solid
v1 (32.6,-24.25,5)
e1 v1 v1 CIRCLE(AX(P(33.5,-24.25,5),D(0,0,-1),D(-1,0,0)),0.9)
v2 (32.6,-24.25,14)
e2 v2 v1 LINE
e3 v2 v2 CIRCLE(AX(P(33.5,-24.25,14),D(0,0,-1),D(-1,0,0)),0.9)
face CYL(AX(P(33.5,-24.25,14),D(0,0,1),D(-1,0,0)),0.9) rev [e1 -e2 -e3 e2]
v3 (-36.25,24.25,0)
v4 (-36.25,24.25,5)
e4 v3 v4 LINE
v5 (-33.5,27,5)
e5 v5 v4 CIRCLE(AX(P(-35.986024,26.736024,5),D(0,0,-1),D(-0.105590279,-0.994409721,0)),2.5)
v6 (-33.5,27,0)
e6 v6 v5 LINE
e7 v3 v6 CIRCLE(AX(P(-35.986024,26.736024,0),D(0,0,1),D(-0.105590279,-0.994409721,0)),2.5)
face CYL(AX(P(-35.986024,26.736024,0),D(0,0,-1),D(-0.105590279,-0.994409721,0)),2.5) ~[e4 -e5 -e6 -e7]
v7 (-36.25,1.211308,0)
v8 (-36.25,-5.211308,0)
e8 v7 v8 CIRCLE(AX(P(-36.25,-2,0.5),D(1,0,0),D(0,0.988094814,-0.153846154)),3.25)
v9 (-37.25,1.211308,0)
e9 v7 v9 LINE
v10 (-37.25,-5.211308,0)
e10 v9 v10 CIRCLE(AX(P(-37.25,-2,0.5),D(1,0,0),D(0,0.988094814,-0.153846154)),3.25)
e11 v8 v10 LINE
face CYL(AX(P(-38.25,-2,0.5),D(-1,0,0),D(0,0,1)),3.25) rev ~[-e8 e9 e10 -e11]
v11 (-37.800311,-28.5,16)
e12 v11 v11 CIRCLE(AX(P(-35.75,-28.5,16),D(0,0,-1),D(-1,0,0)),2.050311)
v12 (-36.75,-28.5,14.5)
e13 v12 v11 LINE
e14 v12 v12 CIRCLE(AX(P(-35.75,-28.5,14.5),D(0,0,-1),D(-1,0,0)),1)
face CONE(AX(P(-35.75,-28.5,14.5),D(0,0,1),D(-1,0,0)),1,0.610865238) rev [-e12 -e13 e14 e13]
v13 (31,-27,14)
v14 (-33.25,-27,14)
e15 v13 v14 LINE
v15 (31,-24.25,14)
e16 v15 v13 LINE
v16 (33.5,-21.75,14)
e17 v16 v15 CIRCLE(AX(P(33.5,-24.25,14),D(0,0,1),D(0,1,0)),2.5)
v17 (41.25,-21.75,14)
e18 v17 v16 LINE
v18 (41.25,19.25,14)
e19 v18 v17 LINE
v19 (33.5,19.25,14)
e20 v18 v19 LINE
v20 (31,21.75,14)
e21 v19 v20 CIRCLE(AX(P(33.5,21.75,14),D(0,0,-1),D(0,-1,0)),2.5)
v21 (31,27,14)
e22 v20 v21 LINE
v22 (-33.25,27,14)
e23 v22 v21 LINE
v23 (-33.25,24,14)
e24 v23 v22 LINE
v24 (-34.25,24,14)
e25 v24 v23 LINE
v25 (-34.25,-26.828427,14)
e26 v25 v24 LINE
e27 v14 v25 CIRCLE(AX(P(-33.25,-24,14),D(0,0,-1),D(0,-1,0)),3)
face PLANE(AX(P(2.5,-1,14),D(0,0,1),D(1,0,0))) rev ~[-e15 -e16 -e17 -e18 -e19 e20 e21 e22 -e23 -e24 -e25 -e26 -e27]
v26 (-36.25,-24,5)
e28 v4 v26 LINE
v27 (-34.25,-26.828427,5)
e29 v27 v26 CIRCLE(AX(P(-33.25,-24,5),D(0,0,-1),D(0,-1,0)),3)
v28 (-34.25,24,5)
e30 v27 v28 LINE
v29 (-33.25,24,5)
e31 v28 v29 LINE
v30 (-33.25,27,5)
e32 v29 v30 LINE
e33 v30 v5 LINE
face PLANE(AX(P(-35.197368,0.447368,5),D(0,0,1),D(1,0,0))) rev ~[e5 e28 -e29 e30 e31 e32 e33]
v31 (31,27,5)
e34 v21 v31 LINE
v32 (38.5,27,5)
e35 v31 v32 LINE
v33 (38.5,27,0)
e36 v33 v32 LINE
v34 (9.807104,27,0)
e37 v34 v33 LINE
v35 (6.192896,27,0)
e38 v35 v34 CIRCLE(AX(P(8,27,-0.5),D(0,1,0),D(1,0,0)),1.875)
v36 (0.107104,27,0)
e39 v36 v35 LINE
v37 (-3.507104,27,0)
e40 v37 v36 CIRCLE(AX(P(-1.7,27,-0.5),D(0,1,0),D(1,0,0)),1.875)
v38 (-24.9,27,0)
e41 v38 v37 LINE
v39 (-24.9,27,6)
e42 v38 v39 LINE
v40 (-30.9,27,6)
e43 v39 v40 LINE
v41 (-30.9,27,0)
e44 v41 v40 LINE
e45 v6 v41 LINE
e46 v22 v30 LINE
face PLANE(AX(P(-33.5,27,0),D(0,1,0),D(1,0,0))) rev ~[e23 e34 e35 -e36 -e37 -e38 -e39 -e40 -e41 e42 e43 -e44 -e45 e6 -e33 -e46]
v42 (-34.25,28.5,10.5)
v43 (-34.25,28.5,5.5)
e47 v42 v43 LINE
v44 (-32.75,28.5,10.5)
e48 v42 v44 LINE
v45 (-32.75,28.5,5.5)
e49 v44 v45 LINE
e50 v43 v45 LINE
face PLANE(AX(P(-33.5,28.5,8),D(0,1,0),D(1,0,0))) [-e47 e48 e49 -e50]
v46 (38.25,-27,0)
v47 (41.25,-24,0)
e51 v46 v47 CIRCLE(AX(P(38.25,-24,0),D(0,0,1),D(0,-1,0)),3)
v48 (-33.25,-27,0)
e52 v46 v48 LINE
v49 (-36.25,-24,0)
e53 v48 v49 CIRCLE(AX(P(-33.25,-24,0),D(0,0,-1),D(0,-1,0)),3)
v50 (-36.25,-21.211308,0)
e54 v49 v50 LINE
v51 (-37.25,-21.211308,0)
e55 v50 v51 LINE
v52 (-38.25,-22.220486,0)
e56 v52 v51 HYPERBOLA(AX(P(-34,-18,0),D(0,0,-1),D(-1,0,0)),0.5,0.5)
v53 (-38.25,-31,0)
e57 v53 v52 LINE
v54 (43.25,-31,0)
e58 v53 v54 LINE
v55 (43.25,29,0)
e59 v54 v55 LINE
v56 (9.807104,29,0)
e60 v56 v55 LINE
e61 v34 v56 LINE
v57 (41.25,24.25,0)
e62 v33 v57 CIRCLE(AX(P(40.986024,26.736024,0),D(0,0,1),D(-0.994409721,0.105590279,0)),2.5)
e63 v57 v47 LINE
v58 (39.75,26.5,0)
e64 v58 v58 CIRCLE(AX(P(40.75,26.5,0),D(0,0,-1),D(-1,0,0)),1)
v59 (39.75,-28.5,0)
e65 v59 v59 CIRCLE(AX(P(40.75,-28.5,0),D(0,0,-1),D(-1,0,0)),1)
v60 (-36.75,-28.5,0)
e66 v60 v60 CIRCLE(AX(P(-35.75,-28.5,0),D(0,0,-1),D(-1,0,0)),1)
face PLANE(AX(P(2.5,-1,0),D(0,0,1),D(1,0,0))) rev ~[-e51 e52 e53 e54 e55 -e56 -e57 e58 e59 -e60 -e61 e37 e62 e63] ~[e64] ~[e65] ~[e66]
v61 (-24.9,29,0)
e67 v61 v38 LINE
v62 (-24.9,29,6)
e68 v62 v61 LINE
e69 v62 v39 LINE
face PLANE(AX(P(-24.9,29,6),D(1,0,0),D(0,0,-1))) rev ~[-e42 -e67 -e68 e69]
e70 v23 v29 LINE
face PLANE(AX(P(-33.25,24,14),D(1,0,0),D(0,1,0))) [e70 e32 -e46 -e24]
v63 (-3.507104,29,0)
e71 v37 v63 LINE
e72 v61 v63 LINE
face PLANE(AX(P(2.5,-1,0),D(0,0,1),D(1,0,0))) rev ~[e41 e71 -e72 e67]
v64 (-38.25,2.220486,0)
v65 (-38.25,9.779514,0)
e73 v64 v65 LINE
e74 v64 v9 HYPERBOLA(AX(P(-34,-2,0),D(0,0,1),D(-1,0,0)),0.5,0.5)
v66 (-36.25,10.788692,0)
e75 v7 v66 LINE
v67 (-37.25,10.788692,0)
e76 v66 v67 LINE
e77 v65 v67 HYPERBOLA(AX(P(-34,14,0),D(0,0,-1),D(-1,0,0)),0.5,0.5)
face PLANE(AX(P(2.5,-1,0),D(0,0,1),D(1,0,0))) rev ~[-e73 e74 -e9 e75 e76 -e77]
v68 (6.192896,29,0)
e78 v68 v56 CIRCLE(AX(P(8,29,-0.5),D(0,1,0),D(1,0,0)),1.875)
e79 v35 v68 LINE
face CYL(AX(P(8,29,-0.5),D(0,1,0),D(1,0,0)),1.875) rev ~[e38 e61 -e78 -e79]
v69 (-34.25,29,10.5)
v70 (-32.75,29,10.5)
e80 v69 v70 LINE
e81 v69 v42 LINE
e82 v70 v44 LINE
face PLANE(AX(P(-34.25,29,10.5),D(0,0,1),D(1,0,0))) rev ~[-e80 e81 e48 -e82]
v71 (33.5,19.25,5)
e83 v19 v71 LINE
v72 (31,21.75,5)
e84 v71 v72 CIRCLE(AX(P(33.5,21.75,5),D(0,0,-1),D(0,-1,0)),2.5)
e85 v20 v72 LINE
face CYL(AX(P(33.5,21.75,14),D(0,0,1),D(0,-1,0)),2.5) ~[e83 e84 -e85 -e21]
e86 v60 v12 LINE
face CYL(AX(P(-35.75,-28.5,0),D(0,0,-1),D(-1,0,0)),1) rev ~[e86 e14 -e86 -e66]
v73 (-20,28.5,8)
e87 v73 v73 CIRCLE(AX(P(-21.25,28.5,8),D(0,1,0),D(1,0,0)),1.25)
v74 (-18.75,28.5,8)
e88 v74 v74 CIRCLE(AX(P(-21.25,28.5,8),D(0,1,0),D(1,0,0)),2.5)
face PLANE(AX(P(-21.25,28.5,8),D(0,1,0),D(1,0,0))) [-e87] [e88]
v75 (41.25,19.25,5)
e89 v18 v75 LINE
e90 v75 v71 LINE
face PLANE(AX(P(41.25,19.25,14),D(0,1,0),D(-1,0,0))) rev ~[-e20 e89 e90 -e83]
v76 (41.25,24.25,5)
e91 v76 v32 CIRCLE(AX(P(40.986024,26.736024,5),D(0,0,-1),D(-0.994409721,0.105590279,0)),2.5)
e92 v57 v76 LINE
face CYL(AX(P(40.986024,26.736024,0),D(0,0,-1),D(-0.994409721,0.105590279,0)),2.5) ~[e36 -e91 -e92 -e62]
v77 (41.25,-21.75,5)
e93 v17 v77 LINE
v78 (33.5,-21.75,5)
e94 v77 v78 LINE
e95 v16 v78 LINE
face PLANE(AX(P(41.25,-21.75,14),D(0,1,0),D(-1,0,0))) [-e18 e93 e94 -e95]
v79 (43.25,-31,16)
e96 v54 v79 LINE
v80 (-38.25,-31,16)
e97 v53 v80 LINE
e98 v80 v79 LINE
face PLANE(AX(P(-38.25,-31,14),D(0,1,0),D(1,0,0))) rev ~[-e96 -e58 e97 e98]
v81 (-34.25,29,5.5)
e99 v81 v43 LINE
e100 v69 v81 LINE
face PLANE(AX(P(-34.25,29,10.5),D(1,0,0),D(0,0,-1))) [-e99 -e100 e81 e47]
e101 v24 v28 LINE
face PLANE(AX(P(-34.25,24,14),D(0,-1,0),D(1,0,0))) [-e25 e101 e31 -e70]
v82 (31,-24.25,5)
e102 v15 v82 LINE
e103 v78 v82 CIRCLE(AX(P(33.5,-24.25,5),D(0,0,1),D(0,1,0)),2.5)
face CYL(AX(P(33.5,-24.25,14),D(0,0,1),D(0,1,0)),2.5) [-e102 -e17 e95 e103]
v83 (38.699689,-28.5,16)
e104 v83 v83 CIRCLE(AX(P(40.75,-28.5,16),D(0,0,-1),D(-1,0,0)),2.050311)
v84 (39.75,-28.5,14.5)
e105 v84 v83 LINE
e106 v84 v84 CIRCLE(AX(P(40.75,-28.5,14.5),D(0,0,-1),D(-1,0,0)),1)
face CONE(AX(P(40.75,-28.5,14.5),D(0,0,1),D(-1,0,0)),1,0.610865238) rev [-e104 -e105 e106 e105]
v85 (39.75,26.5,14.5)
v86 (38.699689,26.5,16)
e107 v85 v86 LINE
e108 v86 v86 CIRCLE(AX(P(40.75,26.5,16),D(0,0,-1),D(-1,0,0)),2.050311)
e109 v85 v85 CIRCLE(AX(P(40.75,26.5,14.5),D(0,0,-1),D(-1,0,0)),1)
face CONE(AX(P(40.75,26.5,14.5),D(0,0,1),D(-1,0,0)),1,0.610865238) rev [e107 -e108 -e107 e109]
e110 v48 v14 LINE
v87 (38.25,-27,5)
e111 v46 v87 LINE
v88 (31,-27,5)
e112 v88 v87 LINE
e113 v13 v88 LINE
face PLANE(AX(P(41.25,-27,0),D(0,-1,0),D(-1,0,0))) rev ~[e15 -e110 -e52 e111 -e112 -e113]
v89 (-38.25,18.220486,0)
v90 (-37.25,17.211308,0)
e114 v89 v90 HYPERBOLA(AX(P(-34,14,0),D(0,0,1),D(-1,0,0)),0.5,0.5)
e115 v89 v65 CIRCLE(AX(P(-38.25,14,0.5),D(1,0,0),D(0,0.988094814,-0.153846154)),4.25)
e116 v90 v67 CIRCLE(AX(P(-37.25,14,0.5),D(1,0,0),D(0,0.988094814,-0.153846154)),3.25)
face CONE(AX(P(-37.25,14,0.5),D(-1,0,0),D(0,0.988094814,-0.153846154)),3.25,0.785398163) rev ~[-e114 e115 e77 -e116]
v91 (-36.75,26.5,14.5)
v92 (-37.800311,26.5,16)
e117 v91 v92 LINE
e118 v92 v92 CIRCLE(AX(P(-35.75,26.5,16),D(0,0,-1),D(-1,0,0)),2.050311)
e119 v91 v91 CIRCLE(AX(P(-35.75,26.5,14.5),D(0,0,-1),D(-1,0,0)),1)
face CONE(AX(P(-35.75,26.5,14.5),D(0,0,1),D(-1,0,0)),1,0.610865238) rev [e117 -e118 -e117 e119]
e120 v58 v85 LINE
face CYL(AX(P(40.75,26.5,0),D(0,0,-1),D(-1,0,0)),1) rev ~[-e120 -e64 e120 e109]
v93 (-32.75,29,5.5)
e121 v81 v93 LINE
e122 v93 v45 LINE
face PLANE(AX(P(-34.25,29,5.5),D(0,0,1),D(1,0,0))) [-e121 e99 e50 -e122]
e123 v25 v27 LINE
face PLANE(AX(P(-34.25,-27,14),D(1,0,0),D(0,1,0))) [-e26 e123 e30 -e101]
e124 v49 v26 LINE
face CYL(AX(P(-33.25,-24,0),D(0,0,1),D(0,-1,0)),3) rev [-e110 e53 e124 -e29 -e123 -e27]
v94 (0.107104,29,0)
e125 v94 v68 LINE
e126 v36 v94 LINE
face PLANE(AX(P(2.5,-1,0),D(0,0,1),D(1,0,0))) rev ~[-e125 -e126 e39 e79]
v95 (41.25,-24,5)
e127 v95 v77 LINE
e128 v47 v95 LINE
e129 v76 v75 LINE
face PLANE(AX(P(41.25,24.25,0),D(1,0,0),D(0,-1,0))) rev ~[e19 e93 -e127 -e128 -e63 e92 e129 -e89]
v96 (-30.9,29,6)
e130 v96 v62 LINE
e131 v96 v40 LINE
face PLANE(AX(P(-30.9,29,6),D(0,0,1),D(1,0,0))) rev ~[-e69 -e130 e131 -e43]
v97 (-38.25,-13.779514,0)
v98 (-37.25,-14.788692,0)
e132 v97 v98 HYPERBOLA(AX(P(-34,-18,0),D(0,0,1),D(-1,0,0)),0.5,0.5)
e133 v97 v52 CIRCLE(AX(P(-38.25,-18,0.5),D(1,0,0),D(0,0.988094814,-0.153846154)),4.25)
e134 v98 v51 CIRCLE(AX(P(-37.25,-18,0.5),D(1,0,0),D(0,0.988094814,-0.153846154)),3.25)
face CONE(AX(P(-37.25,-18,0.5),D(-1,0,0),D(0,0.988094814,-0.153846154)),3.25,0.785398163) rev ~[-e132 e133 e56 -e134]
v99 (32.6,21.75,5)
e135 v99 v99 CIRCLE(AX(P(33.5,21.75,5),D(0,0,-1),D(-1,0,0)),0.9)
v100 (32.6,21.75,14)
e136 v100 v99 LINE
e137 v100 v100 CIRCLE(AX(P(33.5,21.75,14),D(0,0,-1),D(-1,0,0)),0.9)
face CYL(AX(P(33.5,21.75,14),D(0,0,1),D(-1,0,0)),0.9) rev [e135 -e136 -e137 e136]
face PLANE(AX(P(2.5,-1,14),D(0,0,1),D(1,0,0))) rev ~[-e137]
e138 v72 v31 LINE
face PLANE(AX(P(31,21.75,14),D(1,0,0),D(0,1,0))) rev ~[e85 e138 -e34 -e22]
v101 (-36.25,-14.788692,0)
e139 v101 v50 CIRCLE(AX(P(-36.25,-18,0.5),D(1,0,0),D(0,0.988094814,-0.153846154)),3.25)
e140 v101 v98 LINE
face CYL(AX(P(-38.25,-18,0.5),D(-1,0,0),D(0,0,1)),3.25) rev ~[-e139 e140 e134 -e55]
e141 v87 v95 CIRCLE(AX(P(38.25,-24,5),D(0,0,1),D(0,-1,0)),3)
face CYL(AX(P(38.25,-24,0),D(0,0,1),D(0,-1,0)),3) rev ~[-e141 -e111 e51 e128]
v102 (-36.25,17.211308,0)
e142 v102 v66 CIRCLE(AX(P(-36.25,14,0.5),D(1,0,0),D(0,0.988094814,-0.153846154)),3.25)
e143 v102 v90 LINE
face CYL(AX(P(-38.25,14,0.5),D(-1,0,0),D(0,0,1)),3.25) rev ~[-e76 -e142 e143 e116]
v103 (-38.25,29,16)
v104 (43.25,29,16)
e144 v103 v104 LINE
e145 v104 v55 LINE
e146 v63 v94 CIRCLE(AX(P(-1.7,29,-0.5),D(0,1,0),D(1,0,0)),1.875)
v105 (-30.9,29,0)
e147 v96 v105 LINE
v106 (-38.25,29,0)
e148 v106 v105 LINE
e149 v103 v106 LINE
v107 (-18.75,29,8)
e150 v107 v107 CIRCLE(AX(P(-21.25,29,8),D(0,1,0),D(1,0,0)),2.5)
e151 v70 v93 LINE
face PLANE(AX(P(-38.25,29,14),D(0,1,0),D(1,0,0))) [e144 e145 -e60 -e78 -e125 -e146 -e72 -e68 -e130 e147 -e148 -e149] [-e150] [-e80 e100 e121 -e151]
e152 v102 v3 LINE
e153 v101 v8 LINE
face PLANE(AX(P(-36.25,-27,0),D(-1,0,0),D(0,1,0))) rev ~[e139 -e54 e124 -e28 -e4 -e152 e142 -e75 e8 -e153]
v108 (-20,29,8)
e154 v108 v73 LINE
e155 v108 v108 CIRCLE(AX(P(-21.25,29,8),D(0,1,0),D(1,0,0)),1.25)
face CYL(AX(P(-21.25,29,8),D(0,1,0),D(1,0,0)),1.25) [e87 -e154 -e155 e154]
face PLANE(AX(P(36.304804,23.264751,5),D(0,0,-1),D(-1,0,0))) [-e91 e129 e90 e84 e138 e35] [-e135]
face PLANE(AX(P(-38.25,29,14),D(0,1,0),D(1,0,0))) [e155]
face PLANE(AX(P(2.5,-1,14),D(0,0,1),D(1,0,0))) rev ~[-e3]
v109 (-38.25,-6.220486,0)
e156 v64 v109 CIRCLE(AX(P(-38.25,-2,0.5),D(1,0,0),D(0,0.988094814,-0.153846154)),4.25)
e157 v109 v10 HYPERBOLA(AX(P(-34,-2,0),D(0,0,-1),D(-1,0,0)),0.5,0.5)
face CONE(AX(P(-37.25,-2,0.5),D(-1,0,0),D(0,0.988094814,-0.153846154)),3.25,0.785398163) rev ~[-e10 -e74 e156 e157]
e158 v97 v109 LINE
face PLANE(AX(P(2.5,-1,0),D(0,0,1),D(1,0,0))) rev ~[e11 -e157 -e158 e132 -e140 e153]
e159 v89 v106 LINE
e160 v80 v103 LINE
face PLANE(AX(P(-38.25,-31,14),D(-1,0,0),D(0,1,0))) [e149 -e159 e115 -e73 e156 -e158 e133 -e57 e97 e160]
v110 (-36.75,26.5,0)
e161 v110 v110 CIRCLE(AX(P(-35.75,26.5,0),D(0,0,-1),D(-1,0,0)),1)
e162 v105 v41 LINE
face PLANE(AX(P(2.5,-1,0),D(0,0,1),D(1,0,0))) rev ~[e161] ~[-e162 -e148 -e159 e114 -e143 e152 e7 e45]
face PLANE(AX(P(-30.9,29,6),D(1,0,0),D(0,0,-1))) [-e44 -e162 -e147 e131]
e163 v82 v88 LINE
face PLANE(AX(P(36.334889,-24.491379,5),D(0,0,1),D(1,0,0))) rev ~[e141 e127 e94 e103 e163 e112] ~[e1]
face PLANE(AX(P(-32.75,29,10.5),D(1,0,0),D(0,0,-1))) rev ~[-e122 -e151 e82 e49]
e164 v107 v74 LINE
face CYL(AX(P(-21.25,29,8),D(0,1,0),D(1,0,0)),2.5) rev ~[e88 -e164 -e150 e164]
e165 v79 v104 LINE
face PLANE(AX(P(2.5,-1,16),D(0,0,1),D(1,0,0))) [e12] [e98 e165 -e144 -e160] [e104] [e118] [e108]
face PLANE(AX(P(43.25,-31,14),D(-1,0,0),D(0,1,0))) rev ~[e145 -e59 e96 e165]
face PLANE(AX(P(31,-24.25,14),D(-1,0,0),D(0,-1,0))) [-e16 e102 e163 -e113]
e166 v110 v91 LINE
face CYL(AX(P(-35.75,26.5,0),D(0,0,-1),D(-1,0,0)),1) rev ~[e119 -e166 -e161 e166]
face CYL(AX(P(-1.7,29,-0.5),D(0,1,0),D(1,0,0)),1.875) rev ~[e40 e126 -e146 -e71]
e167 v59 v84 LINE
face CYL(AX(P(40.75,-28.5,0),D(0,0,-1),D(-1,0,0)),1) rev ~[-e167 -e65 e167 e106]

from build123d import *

# Parameters (mm, degrees)
SKETCH1_W             = 81.5
SKETCH1_H             = 60
BOSS_EXTRUDE1_DEPTH   = 14
SKETCH3_W             = 81.5
SKETCH3_H             = 60
BOSS_EXTRUDE2_DEPTH   = 2
SKETCH4_R             = 3.25
CUT_EXTRUDE1_DEPTH    = 2
SKETCH5_R             = 1.875
CUT_EXTRUDE2_DEPTH    = 2
SKETCH6_R             = 0.9
BOSS_EXTRUDE3_DEPTH   = 9
BOSS_EXTRUDE4_DEPTH   = 9
FILLET1_R             = 3
SKETCH9_R             = 1
CUT_EXTRUDE3_DEPTH    = 17
CHAMFER1_SIZE         = 1.5
CHAMFER1_SIZE2        = 1.050311307
CHAMFER1_PART_2_SIZE  = 1.5
CHAMFER1_PART_2_SIZE2 = 1.050311307
CHAMFER1_PART_3_SIZE  = 1.5
CHAMFER1_PART_3_SIZE2 = 1.050311307
CHAMFER1_PART_4_SIZE  = 1.5
CHAMFER1_PART_4_SIZE2 = 1.050311307
CUT_EXTRUDE4_REACH    = 62
SKETCH10_W            = 6
SKETCH10_H            = 6
CHAMFER2_SIZE         = 1
SKETCH11_R            = 2.5
SKETCH11_R_2          = 1.25
SKETCH11_W            = 1.5
SKETCH11_H            = 5
CUT_EXTRUDE5_DEPTH    = 0.5


with BuildPart() as part:
    # Sketch1 → Boss-Extrude1 (new body)
    with BuildSketch(Plane.XY):
        with Locations((2.5, -1)):
            Rectangle(SKETCH1_W, SKETCH1_H)
        with BuildLine():
            Line((-36.25, -27), (-36.25, 24.25))
            ThreePointArc((-36.25, 24.25), (-34.218257349, 24.968257349), (-33.5, 27))
            Line((-33.5, 27), (38.5, 27))
            ThreePointArc((38.5, 27), (39.218257349, 24.968257349), (41.25, 24.25))
            Line((41.25, 24.25), (41.25, -27))
            Line((41.25, -27), (-36.25, -27))
        make_face(mode=Mode.SUBTRACT)
    extrude(amount=BOSS_EXTRUDE1_DEPTH)

    # Sketch3 → Boss-Extrude2 (add)
    with BuildSketch(Plane.XY.offset(14)):
        with Locations((2.5, -1)):
            Rectangle(SKETCH3_W, SKETCH3_H)
    extrude(amount=BOSS_EXTRUDE2_DEPTH)

    # Sketch4 → Cut-Extrude1 (cut)
    with BuildSketch(Plane.ZY.offset(38.25)):
        with Locations((0.5, -18)):
            Circle(SKETCH4_R)
        with Locations((0.5, -2)):
            Circle(SKETCH4_R)
        with Locations((0.5, 14)):
            Circle(SKETCH4_R)
    extrude(amount=-CUT_EXTRUDE1_DEPTH, mode=Mode.SUBTRACT)

    # Sketch5 → Cut-Extrude2 (cut)
    with BuildSketch(Plane(origin=(0, 29, 0), x_dir=(1, 0, 0), z_dir=(0, 1, 0))):
        with Locations((8, 0.5)):
            Circle(SKETCH5_R)
        with Locations((-1.7, 0.5)):
            Circle(SKETCH5_R)
    extrude(amount=-CUT_EXTRUDE2_DEPTH, mode=Mode.SUBTRACT)

    # Sketch6 → Boss-Extrude3 (add)
    with BuildSketch(Plane(origin=(0, 0, 14), x_dir=(-1, 0, 0), z_dir=(0, 0, -1))):
        with BuildLine():
            Line((-31, -24.25), (-31, -27))
            Line((-31, -27), (-41.25, -27))
            Line((-41.25, -27), (-41.25, -21.75))
            Line((-41.25, -21.75), (-33.5, -21.75))
            ThreePointArc((-33.5, -21.75), (-31.732233047, -22.482233047), (-31, -24.25))
        make_face()
        with Locations((-33.5, -24.25)):
            Circle(SKETCH6_R, mode=Mode.SUBTRACT)
        with BuildLine():
            Line((-41.25, 19.25), (-33.5, 19.25))
            ThreePointArc((-33.5, 19.25), (-31.732233047, 19.982233047), (-31, 21.75))
            Line((-31, 21.75), (-31, 27))
            Line((-31, 27), (-41.25, 27))
            Line((-41.25, 27), (-41.25, 19.25))
        make_face()
        with Locations((-33.5, 21.75)):
            Circle(SKETCH6_R, mode=Mode.SUBTRACT)
    extrude(amount=BOSS_EXTRUDE3_DEPTH)

    # Sketch7 → Boss-Extrude4 (add)
    with BuildSketch(Plane(origin=(0, 0, 14), x_dir=(-1, 0, 0), z_dir=(0, 0, -1))):
        Polygon((36.25, -27), (34.25, -27), (34.25, 24), (33.25, 24), (33.25, 27), (36.25, 27), align=None)
    extrude(amount=BOSS_EXTRUDE4_DEPTH)

    # Fillet1
    fillet1_edges = [part.edges().sort_by_distance(p)[0] for p in [
        (41.25, -27, 2.5),
        (-36.25, -27, 2.5),
    ]]
    fillet(fillet1_edges, radius=FILLET1_R)

    # Sketch9 → Cut-Extrude3 (cut, through all)
    with BuildSketch(Plane(origin=(0, 0, 0), x_dir=(-1, 0, 0), z_dir=(0, 0, -1))):
        with Locations((35.75, -28.5)):
            Circle(SKETCH9_R)
        with Locations((-40.75, -28.5)):
            Circle(SKETCH9_R)
        with Locations((-40.75, 26.5)):
            Circle(SKETCH9_R)
        with Locations((35.75, 26.5)):
            Circle(SKETCH9_R)
    extrude(amount=-CUT_EXTRUDE3_DEPTH, mode=Mode.SUBTRACT)

    # Chamfer1
    chamfer1_edges = [part.edges().sort_by_distance(p)[0] for p in [
        (-34.75, 26.5, 16),
    ]]
    chamfer1_side = [part.faces().sort_by_distance(p)[0] for p in [
        (-34.75, 26.5, 8),
    ]]
    chamfer(chamfer1_edges, length=CHAMFER1_SIZE, length2=CHAMFER1_SIZE2, reference=chamfer1_side[0])

    # Chamfer1 part 2
    chamfer1_part_2_edges = [part.edges().sort_by_distance(p)[0] for p in [
        (41.75, 26.5, 16),
    ]]
    chamfer1_part_2_side = [part.faces().sort_by_distance(p)[0] for p in [
        (41.75, 26.5, 8),
    ]]
    chamfer(chamfer1_part_2_edges, length=CHAMFER1_PART_2_SIZE, length2=CHAMFER1_PART_2_SIZE2, reference=chamfer1_part_2_side[0])

    # Chamfer1 part 3
    chamfer1_part_3_edges = [part.edges().sort_by_distance(p)[0] for p in [
        (41.75, -28.5, 16),
    ]]
    chamfer1_part_3_side = [part.faces().sort_by_distance(p)[0] for p in [
        (41.75, -28.5, 8),
    ]]
    chamfer(chamfer1_part_3_edges, length=CHAMFER1_PART_3_SIZE, length2=CHAMFER1_PART_3_SIZE2, reference=chamfer1_part_3_side[0])

    # Chamfer1 part 4
    chamfer1_part_4_edges = [part.edges().sort_by_distance(p)[0] for p in [
        (-34.75, -28.5, 16),
    ]]
    chamfer1_part_4_side = [part.faces().sort_by_distance(p)[0] for p in [
        (-34.75, -28.5, 8),
    ]]
    chamfer(chamfer1_part_4_edges, length=CHAMFER1_PART_4_SIZE, length2=CHAMFER1_PART_4_SIZE2, reference=chamfer1_part_4_side[0])

    # Sketch10 → Cut-Extrude4 (cut, up to next)
    with BuildSketch(Plane(origin=(0, 29, 0), x_dir=(1, 0, 0), z_dir=(0, 1, 0)), mode=Mode.PRIVATE) as cut_extrude4_sk1:
        with Locations((-27.9, -3)):
            Rectangle(SKETCH10_W, SKETCH10_H)
    cut_extrude4_tool1 = extrude(cut_extrude4_sk1.sketch, amount=-CUT_EXTRUDE4_REACH, mode=Mode.PRIVATE) & part.part
    add(cut_extrude4_tool1.solids().sort_by_distance((-27.9, 29, 3))[0], mode=Mode.SUBTRACT)

    # Chamfer2
    chamfer2_edges = [part.edges().sort_by_distance(p)[0] for p in [
        (-38.25, -18, 3.75),
        (-38.25, -2, 3.75),
        (-38.25, 14, 3.75),
    ]]
    chamfer(chamfer2_edges, length=CHAMFER2_SIZE)

    # Sketch11 → Cut-Extrude5 (cut)
    with BuildSketch(Plane(origin=(0, 29, 0), x_dir=(1, 0, 0), z_dir=(0, 1, 0))):
        with Locations((-21.25, -8)):
            Circle(SKETCH11_R)
        with Locations((-21.25, -8)):
            Circle(SKETCH11_R_2, mode=Mode.SUBTRACT)
        with Locations((-33.5, -8)):
            Rectangle(SKETCH11_W, SKETCH11_H)
    extrude(amount=-CUT_EXTRUDE5_DEPTH, mode=Mode.SUBTRACT)


solid = part.part
